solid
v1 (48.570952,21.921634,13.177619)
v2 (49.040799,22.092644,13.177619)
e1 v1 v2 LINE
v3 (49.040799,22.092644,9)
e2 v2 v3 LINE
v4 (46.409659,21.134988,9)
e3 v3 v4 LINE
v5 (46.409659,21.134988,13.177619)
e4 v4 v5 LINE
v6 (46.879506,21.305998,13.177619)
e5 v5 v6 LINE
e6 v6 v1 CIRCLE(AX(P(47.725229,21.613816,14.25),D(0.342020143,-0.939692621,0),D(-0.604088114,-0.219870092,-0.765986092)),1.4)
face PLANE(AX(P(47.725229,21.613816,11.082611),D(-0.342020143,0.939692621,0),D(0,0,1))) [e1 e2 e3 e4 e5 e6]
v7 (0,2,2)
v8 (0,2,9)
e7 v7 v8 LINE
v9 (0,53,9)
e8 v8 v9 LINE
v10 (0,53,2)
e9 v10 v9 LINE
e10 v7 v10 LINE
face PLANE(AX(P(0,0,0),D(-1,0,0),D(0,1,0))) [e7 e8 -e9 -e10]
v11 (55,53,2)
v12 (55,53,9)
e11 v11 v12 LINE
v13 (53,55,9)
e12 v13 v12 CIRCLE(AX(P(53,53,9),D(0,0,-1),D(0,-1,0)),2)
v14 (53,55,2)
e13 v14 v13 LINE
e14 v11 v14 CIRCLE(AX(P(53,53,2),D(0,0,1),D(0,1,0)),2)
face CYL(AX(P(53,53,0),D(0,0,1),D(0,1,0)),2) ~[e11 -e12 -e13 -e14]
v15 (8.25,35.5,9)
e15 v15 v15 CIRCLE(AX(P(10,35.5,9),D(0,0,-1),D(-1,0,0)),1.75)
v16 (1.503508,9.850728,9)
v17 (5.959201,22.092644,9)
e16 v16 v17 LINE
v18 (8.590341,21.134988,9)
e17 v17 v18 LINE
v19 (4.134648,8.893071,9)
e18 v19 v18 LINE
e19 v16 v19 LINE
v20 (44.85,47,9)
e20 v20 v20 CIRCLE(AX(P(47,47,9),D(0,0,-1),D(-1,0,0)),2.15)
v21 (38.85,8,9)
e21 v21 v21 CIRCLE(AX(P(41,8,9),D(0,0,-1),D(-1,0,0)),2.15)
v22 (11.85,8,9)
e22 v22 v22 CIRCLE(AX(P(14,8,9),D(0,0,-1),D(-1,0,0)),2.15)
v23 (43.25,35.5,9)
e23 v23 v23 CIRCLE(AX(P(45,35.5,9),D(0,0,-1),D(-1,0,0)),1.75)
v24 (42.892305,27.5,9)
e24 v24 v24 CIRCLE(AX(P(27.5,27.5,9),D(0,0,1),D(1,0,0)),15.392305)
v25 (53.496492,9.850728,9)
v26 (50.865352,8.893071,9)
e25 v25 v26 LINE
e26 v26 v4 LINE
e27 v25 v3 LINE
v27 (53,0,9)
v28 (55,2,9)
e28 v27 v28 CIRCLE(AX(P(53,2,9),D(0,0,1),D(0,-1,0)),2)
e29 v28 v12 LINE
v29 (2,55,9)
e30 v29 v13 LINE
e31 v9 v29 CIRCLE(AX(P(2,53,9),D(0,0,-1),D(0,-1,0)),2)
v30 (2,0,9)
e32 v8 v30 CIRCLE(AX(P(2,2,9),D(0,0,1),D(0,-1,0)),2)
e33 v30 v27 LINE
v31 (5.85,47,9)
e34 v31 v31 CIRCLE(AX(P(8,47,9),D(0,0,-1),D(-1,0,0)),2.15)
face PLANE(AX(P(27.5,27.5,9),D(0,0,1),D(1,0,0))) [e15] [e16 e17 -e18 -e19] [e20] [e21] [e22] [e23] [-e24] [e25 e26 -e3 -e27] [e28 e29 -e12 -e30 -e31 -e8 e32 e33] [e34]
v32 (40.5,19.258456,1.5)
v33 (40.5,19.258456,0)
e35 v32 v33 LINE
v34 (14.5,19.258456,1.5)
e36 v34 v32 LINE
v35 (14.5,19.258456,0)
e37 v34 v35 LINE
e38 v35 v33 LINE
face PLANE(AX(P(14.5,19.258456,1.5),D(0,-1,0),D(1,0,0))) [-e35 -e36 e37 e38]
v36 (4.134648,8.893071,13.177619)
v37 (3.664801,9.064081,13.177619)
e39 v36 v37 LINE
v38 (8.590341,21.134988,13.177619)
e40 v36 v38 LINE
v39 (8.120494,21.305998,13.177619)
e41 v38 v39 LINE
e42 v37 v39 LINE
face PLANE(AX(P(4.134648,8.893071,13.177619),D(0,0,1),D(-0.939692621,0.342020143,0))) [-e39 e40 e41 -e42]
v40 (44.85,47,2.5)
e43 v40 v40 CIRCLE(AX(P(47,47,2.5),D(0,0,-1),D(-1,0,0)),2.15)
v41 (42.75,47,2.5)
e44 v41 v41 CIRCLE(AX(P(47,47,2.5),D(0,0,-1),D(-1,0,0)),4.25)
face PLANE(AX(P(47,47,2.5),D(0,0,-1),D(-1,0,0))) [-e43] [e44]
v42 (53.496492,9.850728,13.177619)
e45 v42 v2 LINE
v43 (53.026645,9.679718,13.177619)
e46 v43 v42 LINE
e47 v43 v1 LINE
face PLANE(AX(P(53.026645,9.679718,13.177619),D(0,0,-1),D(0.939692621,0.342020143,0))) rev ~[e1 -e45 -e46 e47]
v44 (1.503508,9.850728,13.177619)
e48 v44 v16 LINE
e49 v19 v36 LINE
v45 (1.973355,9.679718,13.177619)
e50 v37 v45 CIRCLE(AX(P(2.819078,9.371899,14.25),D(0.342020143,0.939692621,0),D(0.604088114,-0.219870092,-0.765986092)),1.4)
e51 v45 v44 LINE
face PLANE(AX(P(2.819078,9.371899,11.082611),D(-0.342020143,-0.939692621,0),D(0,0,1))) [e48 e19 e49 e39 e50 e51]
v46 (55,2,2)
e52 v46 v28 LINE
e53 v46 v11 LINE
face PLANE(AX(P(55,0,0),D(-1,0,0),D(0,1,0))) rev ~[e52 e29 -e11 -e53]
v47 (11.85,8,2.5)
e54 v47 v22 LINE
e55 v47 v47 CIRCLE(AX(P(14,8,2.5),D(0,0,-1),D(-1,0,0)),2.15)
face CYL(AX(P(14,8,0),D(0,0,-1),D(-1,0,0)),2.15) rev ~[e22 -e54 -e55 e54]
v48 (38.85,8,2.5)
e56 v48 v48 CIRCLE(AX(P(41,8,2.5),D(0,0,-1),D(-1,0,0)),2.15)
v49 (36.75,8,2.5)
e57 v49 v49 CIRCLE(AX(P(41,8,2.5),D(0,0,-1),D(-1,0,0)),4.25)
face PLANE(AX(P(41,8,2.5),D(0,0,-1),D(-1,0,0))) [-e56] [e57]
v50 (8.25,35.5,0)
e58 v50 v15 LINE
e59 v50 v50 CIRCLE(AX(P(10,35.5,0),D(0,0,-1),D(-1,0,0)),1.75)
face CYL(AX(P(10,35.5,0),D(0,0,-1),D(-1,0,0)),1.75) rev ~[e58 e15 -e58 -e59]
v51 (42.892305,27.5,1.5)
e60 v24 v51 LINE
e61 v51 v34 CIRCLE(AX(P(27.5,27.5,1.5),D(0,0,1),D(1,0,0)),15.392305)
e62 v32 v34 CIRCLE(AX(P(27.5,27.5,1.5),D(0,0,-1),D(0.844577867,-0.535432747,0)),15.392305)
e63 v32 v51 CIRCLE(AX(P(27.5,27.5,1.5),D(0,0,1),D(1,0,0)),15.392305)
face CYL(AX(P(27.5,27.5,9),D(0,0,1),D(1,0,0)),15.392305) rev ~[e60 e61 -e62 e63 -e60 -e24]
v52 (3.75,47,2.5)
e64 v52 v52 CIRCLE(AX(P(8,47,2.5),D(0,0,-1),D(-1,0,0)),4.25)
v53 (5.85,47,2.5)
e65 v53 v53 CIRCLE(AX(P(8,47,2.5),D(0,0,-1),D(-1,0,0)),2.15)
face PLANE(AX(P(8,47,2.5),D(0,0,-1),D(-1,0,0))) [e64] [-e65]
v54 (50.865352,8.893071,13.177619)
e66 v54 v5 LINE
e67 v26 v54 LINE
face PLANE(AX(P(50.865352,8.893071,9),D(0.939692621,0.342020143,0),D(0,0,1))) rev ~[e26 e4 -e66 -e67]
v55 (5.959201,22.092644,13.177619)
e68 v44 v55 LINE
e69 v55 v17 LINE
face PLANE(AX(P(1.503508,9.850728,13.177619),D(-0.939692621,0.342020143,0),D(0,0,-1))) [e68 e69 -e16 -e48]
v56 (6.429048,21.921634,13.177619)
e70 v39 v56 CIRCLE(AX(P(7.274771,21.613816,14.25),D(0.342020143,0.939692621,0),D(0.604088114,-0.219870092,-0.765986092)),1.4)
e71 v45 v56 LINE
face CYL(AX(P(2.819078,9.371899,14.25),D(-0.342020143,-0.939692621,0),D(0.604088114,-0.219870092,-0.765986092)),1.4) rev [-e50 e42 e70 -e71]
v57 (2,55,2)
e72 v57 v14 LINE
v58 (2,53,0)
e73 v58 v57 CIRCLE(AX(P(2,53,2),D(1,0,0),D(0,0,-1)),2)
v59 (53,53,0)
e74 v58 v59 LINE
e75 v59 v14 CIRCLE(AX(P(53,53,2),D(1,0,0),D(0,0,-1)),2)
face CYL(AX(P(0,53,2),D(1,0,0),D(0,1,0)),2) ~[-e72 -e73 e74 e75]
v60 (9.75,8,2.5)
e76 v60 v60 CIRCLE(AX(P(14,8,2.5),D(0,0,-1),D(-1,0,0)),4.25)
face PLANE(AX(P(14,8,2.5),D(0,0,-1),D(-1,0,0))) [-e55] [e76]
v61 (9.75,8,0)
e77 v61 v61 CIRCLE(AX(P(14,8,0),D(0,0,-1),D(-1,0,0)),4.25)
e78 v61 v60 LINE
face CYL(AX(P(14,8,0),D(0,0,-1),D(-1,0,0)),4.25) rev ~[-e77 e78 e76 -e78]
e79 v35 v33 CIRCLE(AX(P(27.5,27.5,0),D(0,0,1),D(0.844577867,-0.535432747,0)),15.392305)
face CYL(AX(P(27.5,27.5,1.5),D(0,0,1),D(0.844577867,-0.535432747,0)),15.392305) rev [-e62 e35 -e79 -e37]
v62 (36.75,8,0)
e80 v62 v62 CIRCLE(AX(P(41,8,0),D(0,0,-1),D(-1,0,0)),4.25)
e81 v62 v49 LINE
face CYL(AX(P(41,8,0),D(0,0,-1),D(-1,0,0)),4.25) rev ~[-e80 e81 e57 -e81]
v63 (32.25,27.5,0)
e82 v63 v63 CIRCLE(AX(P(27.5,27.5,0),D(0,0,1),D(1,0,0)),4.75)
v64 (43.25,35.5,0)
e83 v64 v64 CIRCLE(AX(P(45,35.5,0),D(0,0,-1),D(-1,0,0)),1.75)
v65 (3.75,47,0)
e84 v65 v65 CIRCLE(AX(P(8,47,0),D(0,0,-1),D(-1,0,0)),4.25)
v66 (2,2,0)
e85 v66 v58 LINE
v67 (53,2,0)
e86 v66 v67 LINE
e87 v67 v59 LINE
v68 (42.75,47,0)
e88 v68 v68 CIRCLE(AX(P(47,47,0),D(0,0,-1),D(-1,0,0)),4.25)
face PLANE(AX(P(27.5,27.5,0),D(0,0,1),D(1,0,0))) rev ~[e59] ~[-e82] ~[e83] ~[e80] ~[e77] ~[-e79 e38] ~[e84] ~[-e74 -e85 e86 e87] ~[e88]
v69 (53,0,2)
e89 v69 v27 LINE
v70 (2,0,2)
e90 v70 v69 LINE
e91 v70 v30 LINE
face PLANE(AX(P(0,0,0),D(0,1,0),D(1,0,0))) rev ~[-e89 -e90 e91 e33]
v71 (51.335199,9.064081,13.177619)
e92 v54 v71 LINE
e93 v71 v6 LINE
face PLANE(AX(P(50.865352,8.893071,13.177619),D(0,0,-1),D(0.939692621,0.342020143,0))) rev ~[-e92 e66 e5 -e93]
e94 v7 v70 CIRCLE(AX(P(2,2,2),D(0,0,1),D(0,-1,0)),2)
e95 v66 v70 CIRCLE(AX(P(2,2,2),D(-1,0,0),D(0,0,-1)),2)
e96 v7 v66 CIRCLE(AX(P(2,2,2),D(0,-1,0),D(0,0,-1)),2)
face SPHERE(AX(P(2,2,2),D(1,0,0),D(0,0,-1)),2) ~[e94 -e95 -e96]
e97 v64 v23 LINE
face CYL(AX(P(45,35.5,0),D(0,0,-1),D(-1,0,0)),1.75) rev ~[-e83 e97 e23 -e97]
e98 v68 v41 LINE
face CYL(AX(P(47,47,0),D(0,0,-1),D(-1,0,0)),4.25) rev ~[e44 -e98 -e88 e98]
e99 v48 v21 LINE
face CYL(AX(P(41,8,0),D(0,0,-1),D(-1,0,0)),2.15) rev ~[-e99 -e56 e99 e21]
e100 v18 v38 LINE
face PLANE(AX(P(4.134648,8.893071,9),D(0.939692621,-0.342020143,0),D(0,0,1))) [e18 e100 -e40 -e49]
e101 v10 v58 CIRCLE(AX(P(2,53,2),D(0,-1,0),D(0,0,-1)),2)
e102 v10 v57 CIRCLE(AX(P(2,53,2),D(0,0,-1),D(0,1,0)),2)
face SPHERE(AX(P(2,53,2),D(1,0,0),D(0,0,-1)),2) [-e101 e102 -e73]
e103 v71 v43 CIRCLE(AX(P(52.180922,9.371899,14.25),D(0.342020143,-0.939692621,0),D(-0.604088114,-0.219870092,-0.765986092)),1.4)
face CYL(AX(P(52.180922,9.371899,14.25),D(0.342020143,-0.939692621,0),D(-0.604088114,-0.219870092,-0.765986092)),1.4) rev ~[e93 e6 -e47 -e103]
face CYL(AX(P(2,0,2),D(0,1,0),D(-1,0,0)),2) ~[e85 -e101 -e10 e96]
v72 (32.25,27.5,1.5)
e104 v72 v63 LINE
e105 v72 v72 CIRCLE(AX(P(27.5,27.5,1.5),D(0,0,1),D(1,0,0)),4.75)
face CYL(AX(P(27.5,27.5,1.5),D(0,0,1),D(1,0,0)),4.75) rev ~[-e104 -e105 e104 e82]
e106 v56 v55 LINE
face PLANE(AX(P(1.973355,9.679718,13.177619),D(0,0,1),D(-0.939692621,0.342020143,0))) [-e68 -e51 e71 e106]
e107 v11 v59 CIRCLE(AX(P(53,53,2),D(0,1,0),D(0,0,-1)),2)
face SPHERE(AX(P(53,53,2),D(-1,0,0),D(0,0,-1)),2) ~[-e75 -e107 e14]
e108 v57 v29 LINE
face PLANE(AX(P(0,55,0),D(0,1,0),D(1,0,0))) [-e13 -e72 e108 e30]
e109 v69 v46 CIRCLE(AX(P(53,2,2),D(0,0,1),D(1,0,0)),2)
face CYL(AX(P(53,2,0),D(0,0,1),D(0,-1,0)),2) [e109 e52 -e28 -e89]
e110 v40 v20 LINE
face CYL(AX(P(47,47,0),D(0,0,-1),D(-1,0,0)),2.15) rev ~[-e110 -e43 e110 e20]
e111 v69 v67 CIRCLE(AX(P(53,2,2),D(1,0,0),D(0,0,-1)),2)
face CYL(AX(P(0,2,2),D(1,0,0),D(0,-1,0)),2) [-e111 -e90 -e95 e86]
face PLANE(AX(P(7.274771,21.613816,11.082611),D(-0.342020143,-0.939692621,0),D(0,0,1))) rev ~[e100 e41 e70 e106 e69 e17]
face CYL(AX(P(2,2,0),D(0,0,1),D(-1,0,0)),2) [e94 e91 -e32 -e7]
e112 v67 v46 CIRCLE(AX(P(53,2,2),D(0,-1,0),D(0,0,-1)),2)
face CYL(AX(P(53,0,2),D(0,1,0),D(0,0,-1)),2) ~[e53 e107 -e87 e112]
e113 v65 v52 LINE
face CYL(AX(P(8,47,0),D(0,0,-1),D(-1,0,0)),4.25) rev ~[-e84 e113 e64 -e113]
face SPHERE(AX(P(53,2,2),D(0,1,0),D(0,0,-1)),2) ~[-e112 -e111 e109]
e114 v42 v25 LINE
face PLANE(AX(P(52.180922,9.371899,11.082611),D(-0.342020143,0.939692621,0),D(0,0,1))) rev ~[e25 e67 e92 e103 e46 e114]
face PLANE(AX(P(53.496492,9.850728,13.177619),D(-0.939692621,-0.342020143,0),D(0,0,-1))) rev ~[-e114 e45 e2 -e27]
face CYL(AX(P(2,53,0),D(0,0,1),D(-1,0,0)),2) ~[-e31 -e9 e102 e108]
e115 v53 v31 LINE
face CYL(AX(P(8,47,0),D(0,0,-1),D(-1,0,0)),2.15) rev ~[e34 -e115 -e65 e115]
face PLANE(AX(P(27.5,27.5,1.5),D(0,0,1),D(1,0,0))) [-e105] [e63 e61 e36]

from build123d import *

# Parameters (mm, degrees)
SKETCH1_W           = 55
SKETCH1_H           = 55
BOSS_EXTRUDE1_DEPTH = 9
SKETCH3_R           = 1.75
SKETCH3_R_2         = 2.15
CUT_EXTRUDE1_DEPTH  = 79.300702423
FILLET1_R           = 2
SKETCH4_R           = 4.25
CUT_EXTRUDE2_DEPTH  = 2.5
BOSS_EXTRUDE2_DEPTH = 13.027575483
BOSS_EXTRUDE3_DEPTH = 13.027575483
SKETCH7_R           = 15.392304845
CUT_EXTRUDE3_DEPTH  = 7.5
SKETCH8_R           = 4.75
CUT_EXTRUDE4_DEPTH  = 79.653460169
CUT_EXTRUDE5_DEPTH  = 79.653460169


with BuildPart() as part:
    # Sketch1 → Boss-Extrude1 (new body)
    with BuildSketch(Plane.XY):
        with Locations((27.5, 27.5)):
            Rectangle(SKETCH1_W, SKETCH1_H)
    extrude(amount=BOSS_EXTRUDE1_DEPTH)

    # Sketch3 → Cut-Extrude1 (cut, through all)
    with BuildSketch(Plane(origin=(0, 0, 0), x_dir=(-1, 0, 0), z_dir=(0, 0, -1))):
        with Locations((-45, 35.5)):
            Circle(SKETCH3_R)
        with Locations((-47, 47)):
            Circle(SKETCH3_R_2)
        with Locations((-8, 47)):
            Circle(SKETCH3_R_2)
        with Locations((-14, 8)):
            Circle(SKETCH3_R_2)
        with Locations((-41, 8)):
            Circle(SKETCH3_R_2)
        with Locations((-10, 35.5)):
            Circle(SKETCH3_R)
    extrude(amount=-CUT_EXTRUDE1_DEPTH, mode=Mode.SUBTRACT)

    # Fillet1
    fillet1_edges = [part.edges().sort_by_distance(p)[0] for p in [
        (27.5, 55, 0),
        (55, 27.5, 0),
        (27.5, 0, 0),
        (0, 27.5, 0),
        (0, 55, 4.5),
        (55, 55, 4.5),
        (55, 0, 4.5),
        (0, 0, 4.5),
    ]]
    fillet(fillet1_edges, radius=FILLET1_R)

    # Sketch4 → Cut-Extrude2 (cut)
    with BuildSketch(Plane(origin=(0, 0, 0), x_dir=(-1, 0, 0), z_dir=(0, 0, -1))):
        with Locations((-47, 47)):
            Circle(SKETCH4_R)
        with Locations((-8, 47)):
            Circle(SKETCH4_R)
        with Locations((-14, 8)):
            Circle(SKETCH4_R)
        with Locations((-41, 8)):
            Circle(SKETCH4_R)
    extrude(amount=-CUT_EXTRUDE2_DEPTH, mode=Mode.SUBTRACT)

    # Sketch5 → Boss-Extrude2 (add)
    with BuildSketch(Plane(origin=(3.091937938, -8.495029668, 0), x_dir=(0, 0, 1), z_dir=(-0.3420201433256653, 0.9396926207859098, 0))):
        with BuildLine():
            Line((13.177619471, 53.639405858), (9, 53.639405858))
            Line((9, 53.639405858), (9, 50.839405858))
            Line((9, 50.839405858), (13.177619471, 50.839405858))
            Line((13.177619471, 50.839405858), (13.177619471, 51.339405858))
            ThreePointArc((13.177619471, 51.339405858), (12.85, 52.239405858), (13.177619471, 53.139405858))
            Line((13.177619471, 53.139405858), (13.177619471, 53.639405858))
        make_face()
    extrude(amount=BOSS_EXTRUDE2_DEPTH)

    # Sketch6 → Boss-Extrude3 (add)
    with BuildSketch(Plane(origin=(3.341839876, 9.181629599, 0), x_dir=(0, 0, 1), z_dir=(-0.3420201433256654, -0.9396926207859095, 0))):
        with BuildLine():
            Line((13.177619471, 1.956311715), (9, 1.956311715))
            Line((9, 1.956311715), (9, -0.843688285))
            Line((9, -0.843688285), (13.177619471, -0.843688285))
            Line((13.177619471, -0.843688285), (13.177619471, -0.343688285))
            ThreePointArc((13.177619471, -0.343688285), (12.85, 0.556311715), (13.177619471, 1.456311715))
            Line((13.177619471, 1.456311715), (13.177619471, 1.956311715))
        make_face()
    extrude(amount=-BOSS_EXTRUDE3_DEPTH)

    # Sketch7 → Cut-Extrude3 (cut)
    with BuildSketch(Plane.XY.offset(9)):
        with Locations((27.5, 27.5)):
            Circle(SKETCH7_R)
    extrude(amount=-CUT_EXTRUDE3_DEPTH, mode=Mode.SUBTRACT)

    # Sketch8 → Cut-Extrude4 (cut, through all)
    with BuildSketch(Plane.XY.offset(1.5)):
        with Locations((27.5, 27.5)):
            Circle(SKETCH8_R)
    extrude(amount=-CUT_EXTRUDE4_DEPTH, mode=Mode.SUBTRACT)

    # Sketch10 → Cut-Extrude5 (cut, through all)
    with BuildSketch(Plane.XY.offset(1.5)):
        with BuildLine():
            Line((14.5, 19.258455942), (40.5, 19.258455942))
            ThreePointArc((40.5, 19.258455942), (27.5, 12.107695155), (14.5, 19.258455942))
        make_face()
    extrude(amount=-CUT_EXTRUDE5_DEPTH, mode=Mode.SUBTRACT)


solid = part.part
